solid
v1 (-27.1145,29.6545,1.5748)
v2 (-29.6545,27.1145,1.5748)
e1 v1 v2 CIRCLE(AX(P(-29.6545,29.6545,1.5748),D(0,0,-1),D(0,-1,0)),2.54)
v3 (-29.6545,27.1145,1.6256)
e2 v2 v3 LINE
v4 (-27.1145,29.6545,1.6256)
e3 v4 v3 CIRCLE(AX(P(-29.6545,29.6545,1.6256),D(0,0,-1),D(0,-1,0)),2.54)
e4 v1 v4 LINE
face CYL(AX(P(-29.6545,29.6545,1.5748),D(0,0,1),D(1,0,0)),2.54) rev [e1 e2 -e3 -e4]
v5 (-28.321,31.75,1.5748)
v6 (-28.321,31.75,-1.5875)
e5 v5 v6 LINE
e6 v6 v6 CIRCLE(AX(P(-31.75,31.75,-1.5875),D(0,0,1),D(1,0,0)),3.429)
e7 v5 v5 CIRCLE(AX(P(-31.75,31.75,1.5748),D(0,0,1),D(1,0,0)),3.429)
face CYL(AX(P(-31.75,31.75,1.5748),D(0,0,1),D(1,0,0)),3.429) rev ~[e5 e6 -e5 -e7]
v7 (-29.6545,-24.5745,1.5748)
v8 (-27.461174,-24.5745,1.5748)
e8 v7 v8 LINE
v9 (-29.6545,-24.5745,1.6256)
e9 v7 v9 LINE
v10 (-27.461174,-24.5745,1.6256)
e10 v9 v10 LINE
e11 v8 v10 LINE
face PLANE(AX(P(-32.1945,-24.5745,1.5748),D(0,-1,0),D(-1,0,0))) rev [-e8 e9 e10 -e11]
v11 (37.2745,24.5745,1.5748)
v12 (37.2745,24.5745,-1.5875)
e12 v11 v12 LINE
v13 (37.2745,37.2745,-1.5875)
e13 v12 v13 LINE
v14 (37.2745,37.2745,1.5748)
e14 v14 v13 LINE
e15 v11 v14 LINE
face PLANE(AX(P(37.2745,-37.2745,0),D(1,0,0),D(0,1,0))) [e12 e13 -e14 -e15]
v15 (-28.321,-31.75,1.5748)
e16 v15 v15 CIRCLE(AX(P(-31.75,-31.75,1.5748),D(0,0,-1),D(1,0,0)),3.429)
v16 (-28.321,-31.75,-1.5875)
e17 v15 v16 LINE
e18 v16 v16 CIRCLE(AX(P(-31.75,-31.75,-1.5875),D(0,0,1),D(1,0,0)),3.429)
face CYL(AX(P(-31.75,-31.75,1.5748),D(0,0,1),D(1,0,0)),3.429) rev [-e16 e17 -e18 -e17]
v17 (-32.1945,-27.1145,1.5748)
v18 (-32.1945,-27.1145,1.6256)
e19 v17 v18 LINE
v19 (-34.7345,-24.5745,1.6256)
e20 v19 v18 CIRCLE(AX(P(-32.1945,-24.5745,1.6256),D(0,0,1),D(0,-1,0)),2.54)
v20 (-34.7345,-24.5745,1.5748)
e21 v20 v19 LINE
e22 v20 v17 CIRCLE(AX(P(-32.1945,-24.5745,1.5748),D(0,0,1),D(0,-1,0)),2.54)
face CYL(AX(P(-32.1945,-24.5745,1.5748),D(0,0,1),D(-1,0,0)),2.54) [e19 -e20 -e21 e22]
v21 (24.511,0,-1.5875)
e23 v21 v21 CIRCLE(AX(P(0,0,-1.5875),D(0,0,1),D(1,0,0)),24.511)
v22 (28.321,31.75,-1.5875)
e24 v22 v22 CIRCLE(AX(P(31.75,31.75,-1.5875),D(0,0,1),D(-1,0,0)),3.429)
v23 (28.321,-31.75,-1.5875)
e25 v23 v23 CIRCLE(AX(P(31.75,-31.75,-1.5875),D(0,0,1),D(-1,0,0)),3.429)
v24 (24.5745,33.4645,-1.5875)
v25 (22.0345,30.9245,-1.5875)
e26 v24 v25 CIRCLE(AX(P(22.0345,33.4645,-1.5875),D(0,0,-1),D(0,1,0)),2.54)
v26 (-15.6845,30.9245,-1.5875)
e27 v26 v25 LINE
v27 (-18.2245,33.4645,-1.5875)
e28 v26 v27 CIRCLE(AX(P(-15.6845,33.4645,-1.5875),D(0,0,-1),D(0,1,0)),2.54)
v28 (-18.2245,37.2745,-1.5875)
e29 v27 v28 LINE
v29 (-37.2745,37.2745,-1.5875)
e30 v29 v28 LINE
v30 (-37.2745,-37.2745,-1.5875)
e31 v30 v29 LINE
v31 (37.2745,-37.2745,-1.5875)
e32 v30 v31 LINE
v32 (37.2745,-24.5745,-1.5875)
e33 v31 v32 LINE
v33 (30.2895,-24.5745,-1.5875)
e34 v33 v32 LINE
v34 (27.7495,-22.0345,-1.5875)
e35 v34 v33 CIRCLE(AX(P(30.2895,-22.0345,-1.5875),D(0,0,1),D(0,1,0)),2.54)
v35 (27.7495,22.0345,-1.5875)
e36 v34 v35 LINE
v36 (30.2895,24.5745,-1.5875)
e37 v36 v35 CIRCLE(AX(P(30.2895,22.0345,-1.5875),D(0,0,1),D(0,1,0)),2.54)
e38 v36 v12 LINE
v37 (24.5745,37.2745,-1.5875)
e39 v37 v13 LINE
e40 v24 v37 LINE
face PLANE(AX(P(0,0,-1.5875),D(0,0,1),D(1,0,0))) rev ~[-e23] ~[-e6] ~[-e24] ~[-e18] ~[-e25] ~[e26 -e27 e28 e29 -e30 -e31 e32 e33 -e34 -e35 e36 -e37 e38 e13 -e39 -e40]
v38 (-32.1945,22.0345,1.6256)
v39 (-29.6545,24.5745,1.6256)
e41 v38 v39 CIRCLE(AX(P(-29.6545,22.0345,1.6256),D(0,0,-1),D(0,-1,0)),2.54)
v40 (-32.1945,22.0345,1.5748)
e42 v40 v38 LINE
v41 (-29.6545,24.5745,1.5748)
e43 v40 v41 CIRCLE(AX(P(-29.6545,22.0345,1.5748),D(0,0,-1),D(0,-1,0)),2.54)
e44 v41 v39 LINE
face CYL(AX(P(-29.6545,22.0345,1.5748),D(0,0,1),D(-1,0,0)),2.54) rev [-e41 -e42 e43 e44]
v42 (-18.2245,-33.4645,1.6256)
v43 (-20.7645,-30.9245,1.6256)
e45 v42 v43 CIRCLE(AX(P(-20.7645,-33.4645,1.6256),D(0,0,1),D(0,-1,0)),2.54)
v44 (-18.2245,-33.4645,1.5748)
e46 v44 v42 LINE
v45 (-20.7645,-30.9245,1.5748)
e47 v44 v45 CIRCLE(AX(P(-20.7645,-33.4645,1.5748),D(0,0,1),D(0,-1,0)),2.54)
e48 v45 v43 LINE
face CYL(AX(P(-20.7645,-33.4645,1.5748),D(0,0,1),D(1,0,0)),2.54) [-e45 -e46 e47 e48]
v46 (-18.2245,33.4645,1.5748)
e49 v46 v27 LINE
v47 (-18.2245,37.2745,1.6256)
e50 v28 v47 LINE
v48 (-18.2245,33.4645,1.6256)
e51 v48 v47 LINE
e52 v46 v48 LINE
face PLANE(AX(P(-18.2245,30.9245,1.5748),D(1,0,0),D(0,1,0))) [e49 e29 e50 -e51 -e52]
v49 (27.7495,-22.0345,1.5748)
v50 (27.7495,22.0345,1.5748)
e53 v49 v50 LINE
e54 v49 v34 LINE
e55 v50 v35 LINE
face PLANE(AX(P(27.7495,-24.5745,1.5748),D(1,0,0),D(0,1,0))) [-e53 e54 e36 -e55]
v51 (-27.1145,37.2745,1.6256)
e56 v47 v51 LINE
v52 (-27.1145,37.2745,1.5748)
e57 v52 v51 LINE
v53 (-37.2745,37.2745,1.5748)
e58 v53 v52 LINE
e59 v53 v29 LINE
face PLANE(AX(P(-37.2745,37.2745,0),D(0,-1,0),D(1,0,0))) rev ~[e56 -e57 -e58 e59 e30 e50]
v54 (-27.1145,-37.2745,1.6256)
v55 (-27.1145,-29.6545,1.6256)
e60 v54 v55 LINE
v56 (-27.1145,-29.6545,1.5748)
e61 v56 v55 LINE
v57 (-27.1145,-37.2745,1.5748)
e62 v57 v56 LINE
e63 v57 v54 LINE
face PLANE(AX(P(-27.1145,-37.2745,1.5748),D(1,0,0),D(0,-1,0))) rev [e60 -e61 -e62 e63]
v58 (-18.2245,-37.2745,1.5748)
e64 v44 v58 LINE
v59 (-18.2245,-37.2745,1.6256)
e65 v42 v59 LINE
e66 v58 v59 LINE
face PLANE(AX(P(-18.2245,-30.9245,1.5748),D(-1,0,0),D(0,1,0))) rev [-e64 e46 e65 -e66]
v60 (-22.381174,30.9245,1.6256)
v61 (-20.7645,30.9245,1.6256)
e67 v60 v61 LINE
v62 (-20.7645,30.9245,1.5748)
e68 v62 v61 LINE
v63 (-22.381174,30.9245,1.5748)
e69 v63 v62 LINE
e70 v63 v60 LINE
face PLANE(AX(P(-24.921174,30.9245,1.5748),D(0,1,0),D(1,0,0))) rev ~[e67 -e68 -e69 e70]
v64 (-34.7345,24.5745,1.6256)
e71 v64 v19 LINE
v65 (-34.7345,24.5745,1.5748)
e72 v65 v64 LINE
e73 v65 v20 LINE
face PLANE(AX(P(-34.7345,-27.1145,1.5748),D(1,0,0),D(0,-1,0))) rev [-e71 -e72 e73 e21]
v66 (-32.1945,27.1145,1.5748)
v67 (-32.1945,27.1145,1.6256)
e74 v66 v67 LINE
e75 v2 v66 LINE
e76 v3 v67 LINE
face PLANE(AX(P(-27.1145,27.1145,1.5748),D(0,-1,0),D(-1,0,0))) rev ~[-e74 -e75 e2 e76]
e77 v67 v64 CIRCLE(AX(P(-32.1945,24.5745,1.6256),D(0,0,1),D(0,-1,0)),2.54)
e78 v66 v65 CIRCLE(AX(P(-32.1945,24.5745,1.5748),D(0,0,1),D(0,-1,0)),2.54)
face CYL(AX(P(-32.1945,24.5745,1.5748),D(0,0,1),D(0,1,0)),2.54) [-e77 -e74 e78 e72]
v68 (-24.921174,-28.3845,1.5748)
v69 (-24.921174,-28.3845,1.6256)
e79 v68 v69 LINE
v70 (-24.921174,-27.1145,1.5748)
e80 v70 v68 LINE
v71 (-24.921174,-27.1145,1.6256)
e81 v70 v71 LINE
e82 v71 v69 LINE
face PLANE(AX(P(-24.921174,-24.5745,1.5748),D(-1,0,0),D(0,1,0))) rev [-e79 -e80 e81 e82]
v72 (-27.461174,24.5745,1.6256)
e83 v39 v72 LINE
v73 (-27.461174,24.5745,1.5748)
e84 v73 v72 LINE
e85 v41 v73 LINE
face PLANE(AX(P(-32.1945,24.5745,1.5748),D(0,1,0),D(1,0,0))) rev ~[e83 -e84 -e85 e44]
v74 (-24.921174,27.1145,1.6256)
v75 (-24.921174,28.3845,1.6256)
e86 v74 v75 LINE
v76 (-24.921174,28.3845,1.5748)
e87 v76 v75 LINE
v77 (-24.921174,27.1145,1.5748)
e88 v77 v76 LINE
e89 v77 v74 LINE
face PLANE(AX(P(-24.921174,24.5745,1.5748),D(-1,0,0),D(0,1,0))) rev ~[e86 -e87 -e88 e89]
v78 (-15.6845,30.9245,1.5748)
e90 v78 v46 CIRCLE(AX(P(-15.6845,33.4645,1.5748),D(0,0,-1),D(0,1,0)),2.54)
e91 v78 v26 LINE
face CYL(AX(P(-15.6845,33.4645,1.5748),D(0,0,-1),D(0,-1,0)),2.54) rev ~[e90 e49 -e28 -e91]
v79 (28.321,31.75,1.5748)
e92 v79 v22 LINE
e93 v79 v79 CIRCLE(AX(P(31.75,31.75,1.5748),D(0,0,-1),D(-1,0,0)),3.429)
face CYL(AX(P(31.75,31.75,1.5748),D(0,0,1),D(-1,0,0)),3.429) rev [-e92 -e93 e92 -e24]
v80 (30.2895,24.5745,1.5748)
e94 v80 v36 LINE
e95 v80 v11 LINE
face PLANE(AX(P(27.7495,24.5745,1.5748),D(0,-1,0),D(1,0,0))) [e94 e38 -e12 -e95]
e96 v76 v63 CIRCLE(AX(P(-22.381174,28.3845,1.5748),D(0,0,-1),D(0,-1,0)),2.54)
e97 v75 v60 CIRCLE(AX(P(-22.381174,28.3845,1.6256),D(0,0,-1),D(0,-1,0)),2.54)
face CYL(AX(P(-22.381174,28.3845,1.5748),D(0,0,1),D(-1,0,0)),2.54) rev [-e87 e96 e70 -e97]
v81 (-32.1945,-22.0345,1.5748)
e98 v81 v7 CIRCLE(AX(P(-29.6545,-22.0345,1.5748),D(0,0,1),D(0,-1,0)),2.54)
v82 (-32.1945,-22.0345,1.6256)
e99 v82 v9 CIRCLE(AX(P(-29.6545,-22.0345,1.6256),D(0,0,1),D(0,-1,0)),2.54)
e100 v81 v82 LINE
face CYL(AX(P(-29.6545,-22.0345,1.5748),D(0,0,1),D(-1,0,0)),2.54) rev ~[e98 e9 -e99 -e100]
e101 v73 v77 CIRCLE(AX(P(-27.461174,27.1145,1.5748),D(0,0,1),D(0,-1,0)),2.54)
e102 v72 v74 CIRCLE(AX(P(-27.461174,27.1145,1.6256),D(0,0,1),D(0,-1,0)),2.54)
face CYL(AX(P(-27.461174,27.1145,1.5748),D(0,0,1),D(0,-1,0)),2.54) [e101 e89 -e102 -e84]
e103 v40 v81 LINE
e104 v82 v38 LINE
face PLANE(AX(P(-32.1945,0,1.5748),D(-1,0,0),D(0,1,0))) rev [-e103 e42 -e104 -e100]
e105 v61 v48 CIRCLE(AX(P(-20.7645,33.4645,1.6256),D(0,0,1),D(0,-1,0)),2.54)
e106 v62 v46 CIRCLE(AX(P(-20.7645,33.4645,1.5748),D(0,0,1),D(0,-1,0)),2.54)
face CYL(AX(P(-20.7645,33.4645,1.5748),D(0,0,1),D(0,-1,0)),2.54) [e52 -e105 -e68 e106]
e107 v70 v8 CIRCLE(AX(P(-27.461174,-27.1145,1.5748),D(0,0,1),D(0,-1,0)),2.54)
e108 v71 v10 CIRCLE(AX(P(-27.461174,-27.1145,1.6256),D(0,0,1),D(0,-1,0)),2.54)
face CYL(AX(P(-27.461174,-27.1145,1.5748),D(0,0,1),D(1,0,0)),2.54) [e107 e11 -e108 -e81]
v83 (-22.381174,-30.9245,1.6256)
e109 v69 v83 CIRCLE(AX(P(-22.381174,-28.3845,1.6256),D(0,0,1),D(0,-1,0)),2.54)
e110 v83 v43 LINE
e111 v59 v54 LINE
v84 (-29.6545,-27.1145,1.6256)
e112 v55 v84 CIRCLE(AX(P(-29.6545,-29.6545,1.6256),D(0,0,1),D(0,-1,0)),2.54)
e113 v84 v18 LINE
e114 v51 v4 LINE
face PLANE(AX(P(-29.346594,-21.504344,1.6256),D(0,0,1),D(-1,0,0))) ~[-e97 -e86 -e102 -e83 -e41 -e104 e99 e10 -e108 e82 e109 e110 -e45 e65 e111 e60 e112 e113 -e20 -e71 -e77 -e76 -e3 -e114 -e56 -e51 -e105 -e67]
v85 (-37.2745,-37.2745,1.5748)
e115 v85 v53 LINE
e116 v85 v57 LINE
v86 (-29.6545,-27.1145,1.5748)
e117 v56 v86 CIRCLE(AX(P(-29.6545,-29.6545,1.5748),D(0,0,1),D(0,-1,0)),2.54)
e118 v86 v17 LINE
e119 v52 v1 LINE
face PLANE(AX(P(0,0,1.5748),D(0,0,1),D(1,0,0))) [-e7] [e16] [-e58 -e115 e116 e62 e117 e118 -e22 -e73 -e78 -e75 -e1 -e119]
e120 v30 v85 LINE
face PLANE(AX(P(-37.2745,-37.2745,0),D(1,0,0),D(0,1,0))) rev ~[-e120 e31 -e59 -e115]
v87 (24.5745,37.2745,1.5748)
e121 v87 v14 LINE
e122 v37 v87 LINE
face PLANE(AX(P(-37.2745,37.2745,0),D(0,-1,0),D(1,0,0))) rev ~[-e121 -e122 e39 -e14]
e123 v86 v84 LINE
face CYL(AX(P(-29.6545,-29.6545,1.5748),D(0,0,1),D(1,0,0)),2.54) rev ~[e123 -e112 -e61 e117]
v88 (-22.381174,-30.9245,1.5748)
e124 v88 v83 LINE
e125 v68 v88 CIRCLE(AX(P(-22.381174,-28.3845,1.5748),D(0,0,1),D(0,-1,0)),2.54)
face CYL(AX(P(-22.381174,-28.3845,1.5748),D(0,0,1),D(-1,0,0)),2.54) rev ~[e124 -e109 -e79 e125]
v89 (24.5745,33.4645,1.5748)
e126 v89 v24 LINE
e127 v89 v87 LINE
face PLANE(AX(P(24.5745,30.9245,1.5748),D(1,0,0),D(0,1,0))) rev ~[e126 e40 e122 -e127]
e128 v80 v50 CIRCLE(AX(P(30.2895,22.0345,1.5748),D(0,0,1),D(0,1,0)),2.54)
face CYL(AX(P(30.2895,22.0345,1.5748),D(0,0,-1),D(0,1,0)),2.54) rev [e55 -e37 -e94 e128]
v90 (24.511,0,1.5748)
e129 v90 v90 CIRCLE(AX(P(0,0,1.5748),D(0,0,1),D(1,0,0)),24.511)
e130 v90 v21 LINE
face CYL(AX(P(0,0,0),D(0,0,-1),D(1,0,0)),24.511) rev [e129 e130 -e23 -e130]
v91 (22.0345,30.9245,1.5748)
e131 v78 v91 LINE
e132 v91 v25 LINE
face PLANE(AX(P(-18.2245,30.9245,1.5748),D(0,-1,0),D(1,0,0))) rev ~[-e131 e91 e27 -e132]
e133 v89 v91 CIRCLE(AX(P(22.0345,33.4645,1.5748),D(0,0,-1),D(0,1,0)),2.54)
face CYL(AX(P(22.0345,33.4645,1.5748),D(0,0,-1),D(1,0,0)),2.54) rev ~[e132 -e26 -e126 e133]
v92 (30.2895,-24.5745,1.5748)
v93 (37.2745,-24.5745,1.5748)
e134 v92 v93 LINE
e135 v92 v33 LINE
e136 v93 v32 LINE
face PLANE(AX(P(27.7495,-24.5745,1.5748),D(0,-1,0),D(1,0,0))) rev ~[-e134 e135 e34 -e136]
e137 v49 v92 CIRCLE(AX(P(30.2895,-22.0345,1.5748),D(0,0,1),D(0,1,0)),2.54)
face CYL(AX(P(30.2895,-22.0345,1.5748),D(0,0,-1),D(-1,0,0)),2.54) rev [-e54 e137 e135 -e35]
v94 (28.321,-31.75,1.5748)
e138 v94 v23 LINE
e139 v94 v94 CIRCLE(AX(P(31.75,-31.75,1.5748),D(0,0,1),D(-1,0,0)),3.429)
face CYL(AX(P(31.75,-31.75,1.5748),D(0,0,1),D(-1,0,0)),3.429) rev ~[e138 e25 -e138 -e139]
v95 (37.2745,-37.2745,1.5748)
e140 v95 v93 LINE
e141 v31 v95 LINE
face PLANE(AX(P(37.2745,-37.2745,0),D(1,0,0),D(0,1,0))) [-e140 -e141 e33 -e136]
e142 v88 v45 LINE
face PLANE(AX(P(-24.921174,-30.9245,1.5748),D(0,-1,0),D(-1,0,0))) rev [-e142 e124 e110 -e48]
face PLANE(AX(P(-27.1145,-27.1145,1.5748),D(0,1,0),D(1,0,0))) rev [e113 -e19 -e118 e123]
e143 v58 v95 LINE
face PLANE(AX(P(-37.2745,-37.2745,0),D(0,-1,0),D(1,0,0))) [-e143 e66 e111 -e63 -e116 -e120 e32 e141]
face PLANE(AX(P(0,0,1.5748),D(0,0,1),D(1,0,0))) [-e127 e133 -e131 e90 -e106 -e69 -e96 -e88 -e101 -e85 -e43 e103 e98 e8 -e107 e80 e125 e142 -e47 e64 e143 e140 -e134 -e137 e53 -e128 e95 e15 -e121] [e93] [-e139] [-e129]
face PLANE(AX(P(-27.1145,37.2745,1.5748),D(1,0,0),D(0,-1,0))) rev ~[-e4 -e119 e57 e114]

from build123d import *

# Parameters (mm, degrees)
SKETCH1_W                = 74.549
SKETCH1_H                = 74.549
SKETCH1_R                = 24.511
BOSS_EXTRUDE1_DEPTH      = 1.5748
BOSS_EXTRUDE1_DEPTH_BACK = 1.5875
SKETCH2_R                = 3.429
CUT_EXTRUDE1_DEPTH       = 4.1623
BOSS_EXTRUDE2_DEPTH      = 0.0508
FILLET3_R                = 2.54
FILLET3_OF_MIRROR3_R     = 2.54
MIRROR2_COPY_1_SKETCH_R  = 3.429
MIRROR2_COPY_1_DEPTH     = 4.1623
SKETCH14_W               = 42.799
SKETCH14_H               = 8.290530285
CUT_EXTRUDE2_DEPTH       = 4.1623
FILLET1_R                = 2.54
SKETCH17_W               = 14.315330836
SKETCH17_H               = 49.149
CUT_EXTRUDE3_DEPTH       = 4.1623
FILLET2_R                = 2.54
FILLET5_R                = 2.54


with BuildPart() as part:
    # Sketch1 → Boss-Extrude1 (new body, two sides)
    with BuildSketch(Plane.XY) as boss_extrude1_sk:
        Rectangle(SKETCH1_W, SKETCH1_H)
        Circle(SKETCH1_R, mode=Mode.SUBTRACT)
    extrude(amount=BOSS_EXTRUDE1_DEPTH)
    extrude(boss_extrude1_sk.sketch, amount=-BOSS_EXTRUDE1_DEPTH_BACK)

    # Sketch2 → Cut-Extrude1 (cut, through all)
    with BuildSketch(Plane.XY.offset(1.5748)):
        with Locations((-31.75, 31.75)):
            Circle(SKETCH2_R)
    cut_extrude1 = extrude(amount=-CUT_EXTRUDE1_DEPTH, mode=Mode.SUBTRACT)

    # Sketch20 → Boss-Extrude2 (add)
    with BuildSketch(Plane.XY.offset(1.5748)):
        Polygon((-24.921174252, 24.5745), (-24.921174252, 30.9245), (-18.2245, 30.9245), (-18.2245, 37.2745), (-27.1145, 37.2745), (-27.1145, 27.1145), (-34.7345, 27.1145), (-34.7345, 0), (-32.1945, 0), (-32.1945, 24.5745), align=None)
    boss_extrude2 = extrude(amount=BOSS_EXTRUDE2_DEPTH)

    # Fillet3
    fillet3_edges = [part.edges().sort_by_distance(p)[0] for p in [
        (-34.7345, 27.1145, 1.6002),
        (-32.1945, 24.5745, 1.6002),
        (-18.2245, 30.9245, 1.6002),
        (-24.921174252, 24.5745, 1.6002),
        (-24.921174252, 30.9245, 1.6002),
    ]]
    fillet(fillet3_edges, radius=FILLET3_R)

    # Mirror3: Boss-Extrude2 across plane
    add(boss_extrude2.mirror(Plane.ZX))

    # Fillet3 of Mirror3
    fillet3_of_mirror3_edges = [part.edges().sort_by_distance(p)[0] for p in [
        (-34.7345, -27.1145, 1.6002),
        (-32.1945, -24.5745, 1.6002),
        (-18.2245, -30.9245, 1.6002),
        (-24.921174252, -24.5745, 1.6002),
        (-24.921174252, -30.9245, 1.6002),
    ]]
    fillet(fillet3_of_mirror3_edges, radius=FILLET3_OF_MIRROR3_R)

    # Mirror1: Cut-Extrude1 across plane
    add(cut_extrude1.mirror(Plane(origin=(0, 0, 0), x_dir=(0, 0, 1), z_dir=(1, 0, 0))), mode=Mode.SUBTRACT)

    # Mirror2: Cut-Extrude1 across plane
    add(cut_extrude1.mirror(Plane.ZX), mode=Mode.SUBTRACT)

    # Mirror2 copy 1 sketch → Mirror2 copy 1 (cut, through all)
    with BuildSketch(Plane(origin=(0, 0, 1.5748), x_dir=(-1, 0, 0), z_dir=(0, 0, 1))):
        with Locations((-31.75, 31.75)):
            Circle(MIRROR2_COPY_1_SKETCH_R)
    extrude(amount=-MIRROR2_COPY_1_DEPTH, mode=Mode.SUBTRACT)

    # Sketch14 → Cut-Extrude2 (cut, through all)
    with BuildSketch(Plane.XY.offset(1.5748)):
        with Locations((3.175, 35.069765143)):
            Rectangle(SKETCH14_W, SKETCH14_H)
    extrude(amount=-CUT_EXTRUDE2_DEPTH, mode=Mode.SUBTRACT)

    # Fillet1
    fillet1_edges = [part.edges().sort_by_distance(p)[0] for p in [
        (-18.2245, 30.9245, -0.00635),
        (24.5745, 30.9245, -0.00635),
    ]]
    fillet(fillet1_edges, radius=FILLET1_R)

    # Sketch17 → Cut-Extrude3 (cut, through all)
    with BuildSketch(Plane.XY.offset(1.5748)):
        with Locations((34.907165418, 0)):
            Rectangle(SKETCH17_W, SKETCH17_H)
    extrude(amount=-CUT_EXTRUDE3_DEPTH, mode=Mode.SUBTRACT)

    # Fillet2
    fillet2_edges = [part.edges().sort_by_distance(p)[0] for p in [
        (27.7495, -24.5745, -0.00635),
        (27.7495, 24.5745, -0.00635),
    ]]
    fillet(fillet2_edges, radius=FILLET2_R)

    # Fillet5
    fillet5_edges = [part.edges().sort_by_distance(p)[0] for p in [
        (-27.1145, -27.1145, 1.6002),
        (-27.1145, 27.1145, 1.6002),
    ]]
    fillet(fillet5_edges, radius=FILLET5_R)


solid = part.part
